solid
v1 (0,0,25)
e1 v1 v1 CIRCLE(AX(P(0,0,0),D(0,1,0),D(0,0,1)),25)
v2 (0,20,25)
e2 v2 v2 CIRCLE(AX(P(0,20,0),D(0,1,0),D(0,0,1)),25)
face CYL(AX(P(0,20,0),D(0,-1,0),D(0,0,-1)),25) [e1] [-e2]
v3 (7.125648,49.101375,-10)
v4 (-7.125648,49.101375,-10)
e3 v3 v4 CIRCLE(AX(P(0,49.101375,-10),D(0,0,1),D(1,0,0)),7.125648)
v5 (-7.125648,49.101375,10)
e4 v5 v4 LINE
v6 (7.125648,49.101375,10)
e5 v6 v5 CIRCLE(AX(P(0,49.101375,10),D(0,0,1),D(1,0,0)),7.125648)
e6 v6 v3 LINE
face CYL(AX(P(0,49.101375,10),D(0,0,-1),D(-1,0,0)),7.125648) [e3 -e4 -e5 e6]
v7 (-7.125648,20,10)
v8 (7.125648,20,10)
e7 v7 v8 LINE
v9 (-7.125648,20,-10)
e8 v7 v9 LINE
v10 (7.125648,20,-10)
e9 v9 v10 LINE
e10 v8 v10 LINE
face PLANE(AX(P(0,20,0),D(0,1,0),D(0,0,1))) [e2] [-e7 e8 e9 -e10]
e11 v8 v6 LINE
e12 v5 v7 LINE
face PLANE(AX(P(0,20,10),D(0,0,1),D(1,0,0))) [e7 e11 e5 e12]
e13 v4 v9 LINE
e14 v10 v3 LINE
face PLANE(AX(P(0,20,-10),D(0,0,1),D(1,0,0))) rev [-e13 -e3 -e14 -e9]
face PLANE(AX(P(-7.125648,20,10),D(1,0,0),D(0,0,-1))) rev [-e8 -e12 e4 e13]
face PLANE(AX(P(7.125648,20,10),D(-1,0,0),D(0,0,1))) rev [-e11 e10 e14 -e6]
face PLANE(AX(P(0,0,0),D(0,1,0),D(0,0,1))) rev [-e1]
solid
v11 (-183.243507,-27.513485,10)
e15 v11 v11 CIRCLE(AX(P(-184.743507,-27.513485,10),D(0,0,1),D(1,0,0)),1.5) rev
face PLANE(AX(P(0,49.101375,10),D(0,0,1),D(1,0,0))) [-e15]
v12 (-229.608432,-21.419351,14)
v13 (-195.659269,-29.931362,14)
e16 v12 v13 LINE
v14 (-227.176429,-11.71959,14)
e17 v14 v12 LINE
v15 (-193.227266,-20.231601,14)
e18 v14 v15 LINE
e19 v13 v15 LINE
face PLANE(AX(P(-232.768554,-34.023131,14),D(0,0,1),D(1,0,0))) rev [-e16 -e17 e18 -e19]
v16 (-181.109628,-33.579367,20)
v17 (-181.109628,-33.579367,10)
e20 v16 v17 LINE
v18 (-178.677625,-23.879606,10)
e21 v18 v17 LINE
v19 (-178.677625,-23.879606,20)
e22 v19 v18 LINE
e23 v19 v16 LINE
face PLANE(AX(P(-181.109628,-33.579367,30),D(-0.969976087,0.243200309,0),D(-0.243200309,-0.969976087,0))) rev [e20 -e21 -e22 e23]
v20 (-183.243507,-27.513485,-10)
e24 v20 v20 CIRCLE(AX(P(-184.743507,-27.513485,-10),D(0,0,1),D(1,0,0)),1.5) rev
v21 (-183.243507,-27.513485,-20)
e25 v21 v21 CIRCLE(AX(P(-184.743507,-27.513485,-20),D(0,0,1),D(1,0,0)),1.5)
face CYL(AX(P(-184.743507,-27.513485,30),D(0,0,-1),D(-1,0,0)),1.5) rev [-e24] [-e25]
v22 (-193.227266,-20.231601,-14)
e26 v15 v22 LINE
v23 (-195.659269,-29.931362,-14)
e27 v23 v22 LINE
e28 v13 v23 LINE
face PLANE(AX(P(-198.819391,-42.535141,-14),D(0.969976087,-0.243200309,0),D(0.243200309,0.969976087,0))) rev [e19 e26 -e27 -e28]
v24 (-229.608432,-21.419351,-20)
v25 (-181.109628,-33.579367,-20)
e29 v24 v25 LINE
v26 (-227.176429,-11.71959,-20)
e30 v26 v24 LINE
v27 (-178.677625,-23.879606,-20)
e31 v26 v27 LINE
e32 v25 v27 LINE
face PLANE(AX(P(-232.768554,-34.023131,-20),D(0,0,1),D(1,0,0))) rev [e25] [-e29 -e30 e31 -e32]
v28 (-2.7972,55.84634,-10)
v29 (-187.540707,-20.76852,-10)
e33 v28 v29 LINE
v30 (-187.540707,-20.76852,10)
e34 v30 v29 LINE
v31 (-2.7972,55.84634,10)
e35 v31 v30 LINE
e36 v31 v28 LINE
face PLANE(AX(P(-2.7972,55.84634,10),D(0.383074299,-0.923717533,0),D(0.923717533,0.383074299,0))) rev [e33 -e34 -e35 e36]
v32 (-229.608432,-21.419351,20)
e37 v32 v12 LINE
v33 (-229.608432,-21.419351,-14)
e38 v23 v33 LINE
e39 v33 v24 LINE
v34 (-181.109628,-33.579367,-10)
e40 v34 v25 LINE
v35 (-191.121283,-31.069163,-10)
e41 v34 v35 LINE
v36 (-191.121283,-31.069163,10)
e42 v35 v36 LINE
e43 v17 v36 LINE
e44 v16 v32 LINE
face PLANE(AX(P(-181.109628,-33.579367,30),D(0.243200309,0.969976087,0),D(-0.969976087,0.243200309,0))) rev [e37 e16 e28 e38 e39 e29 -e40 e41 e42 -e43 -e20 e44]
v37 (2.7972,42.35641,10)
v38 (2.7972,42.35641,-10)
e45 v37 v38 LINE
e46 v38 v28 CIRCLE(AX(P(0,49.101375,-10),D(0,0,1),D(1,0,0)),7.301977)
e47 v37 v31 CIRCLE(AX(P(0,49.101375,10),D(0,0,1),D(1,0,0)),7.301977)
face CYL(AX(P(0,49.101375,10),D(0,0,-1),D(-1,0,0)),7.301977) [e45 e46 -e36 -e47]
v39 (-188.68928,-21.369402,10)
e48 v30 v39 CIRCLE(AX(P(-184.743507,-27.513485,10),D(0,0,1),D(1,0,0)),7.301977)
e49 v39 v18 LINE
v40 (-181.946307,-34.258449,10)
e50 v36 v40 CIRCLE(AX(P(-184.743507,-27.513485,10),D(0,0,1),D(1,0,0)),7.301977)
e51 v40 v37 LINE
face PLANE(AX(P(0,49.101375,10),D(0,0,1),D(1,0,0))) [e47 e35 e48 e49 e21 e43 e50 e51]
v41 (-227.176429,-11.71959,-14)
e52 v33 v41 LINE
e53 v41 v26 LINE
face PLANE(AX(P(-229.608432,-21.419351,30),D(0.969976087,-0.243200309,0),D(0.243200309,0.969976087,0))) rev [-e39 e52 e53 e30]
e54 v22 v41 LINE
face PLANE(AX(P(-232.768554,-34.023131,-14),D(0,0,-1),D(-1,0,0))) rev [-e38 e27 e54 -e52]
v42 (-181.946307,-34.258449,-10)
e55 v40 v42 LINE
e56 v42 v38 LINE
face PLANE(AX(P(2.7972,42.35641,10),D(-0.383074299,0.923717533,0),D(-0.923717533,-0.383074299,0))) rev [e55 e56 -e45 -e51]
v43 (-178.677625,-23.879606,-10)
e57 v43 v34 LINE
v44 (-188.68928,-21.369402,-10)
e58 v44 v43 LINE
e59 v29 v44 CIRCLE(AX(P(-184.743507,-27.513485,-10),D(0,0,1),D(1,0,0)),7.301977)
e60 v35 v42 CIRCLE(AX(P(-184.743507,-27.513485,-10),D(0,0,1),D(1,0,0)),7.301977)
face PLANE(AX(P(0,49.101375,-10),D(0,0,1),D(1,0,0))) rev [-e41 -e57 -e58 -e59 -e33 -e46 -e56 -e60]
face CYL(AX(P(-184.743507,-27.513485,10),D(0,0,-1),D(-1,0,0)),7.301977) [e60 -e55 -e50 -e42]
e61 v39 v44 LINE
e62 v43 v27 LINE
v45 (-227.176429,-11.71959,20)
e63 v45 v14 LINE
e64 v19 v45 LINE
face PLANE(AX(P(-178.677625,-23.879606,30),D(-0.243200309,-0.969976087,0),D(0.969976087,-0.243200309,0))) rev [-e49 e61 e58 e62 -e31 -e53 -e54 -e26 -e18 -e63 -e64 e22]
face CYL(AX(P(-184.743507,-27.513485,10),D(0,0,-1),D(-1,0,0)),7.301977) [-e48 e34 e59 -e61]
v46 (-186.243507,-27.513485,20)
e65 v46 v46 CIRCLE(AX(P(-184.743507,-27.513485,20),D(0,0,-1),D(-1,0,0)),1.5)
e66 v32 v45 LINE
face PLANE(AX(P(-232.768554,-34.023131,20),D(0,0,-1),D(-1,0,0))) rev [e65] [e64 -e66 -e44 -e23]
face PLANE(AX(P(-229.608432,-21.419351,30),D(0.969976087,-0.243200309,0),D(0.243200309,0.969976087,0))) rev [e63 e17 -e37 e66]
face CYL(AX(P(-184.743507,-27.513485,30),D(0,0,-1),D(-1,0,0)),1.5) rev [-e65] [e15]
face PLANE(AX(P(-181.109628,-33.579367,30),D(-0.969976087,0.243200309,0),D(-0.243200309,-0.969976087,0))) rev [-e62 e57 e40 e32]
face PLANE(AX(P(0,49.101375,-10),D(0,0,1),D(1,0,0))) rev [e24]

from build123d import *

# Parameters (mm, degrees)
SKETCH_2_R          = 25
EXTRUDE_1_DEPTH     = 20
EXTRUDE_2_DEPTH     = 10
EXTRUDE_3_DEPTH     = 10
SKETCH_6_R          = 1.5
EXTRUDE_4_DEPTH     = 30
SKETCH_7_W          = 35
SKETCH_7_H          = 28
SKETCH_7_W_2        = 82.955010688
SKETCH_7_H_2        = 10
CUT_EXTRUDE_1_DEPTH = 23.993907244


with BuildPart() as part:
    # 草圖2 → 填料-伸長1 (new body)
    with BuildSketch(Plane(origin=(0, 0, 0), x_dir=(1, 0, 0), z_dir=(0, 1, 0))):
        Circle(SKETCH_2_R)
    extrude(amount=EXTRUDE_1_DEPTH)

    # 草圖4 → 填料-伸長2 (add, symmetric)
    with BuildSketch(Plane.XY):
        with BuildLine():
            Line((-7.125648149, 20), (-7.125648149, 49.101375051))
            ThreePointArc((-7.125648149, 49.101375051), (0, 56.227023201), (7.125648149, 49.101375051))
            Line((7.125648149, 49.101375051), (7.125648149, 20))
            ThreePointArc((7.125648149, 20), (0, 12.874351851), (-7.125648149, 20))
        make_face()
    extrude(amount=EXTRUDE_2_DEPTH, both=True)


with BuildPart() as body_2:
    # 草圖5 → 填料-伸長3 (new body, symmetric)
    with BuildSketch(Plane.XY):
        with BuildLine():
            Line((2.797199891, 42.356410459), (-181.946306774, -34.25844936))
            ThreePointArc((-181.946306774, -34.25844936), (-191.488471258, -30.310684658), (-187.540706557, -20.768520175))
            Line((-187.540706557, -20.768520175), (-2.797199891, 55.846339644))
            ThreePointArc((-2.797199891, 55.846339644), (6.744964593, 51.898574942), (2.797199891, 42.356410459))
        make_face()
    extrude(amount=EXTRUDE_3_DEPTH, both=True)

    # 草圖6 → 填料-伸長4 (add, symmetric)
    with BuildSketch(Plane.XY):
        Polygon((-181.109627774, -33.579366748), (-178.677624685, -23.879605876), (-227.176429045, -11.71959043), (-229.608432134, -21.419351302), align=None)
        with Locations((-184.743506665, -27.513484767)):
            Circle(SKETCH_6_R, mode=Mode.SUBTRACT)
    extrude(amount=EXTRUDE_4_DEPTH, both=True)

    # 草圖7 → 除料-伸長1 (cut, through all)
    with BuildSketch(Plane(origin=(-16.201299347, -64.616994186, 0), x_dir=(0.969976087, -0.243200309, 0), z_dir=(0.243200309, 0.969976087, 0))):
        with Locations((-200.005495736, 0)):
            Rectangle(SKETCH_7_W, SKETCH_7_H)
        with Locations((-176.027990392, 25)):
            Rectangle(SKETCH_7_W_2, SKETCH_7_H_2)
        with Locations((-176.027990392, -25)):
            Rectangle(SKETCH_7_W_2, SKETCH_7_H_2)
    extrude(amount=-CUT_EXTRUDE_1_DEPTH, mode=Mode.SUBTRACT)


solid = Compound([part.part, body_2.part])
